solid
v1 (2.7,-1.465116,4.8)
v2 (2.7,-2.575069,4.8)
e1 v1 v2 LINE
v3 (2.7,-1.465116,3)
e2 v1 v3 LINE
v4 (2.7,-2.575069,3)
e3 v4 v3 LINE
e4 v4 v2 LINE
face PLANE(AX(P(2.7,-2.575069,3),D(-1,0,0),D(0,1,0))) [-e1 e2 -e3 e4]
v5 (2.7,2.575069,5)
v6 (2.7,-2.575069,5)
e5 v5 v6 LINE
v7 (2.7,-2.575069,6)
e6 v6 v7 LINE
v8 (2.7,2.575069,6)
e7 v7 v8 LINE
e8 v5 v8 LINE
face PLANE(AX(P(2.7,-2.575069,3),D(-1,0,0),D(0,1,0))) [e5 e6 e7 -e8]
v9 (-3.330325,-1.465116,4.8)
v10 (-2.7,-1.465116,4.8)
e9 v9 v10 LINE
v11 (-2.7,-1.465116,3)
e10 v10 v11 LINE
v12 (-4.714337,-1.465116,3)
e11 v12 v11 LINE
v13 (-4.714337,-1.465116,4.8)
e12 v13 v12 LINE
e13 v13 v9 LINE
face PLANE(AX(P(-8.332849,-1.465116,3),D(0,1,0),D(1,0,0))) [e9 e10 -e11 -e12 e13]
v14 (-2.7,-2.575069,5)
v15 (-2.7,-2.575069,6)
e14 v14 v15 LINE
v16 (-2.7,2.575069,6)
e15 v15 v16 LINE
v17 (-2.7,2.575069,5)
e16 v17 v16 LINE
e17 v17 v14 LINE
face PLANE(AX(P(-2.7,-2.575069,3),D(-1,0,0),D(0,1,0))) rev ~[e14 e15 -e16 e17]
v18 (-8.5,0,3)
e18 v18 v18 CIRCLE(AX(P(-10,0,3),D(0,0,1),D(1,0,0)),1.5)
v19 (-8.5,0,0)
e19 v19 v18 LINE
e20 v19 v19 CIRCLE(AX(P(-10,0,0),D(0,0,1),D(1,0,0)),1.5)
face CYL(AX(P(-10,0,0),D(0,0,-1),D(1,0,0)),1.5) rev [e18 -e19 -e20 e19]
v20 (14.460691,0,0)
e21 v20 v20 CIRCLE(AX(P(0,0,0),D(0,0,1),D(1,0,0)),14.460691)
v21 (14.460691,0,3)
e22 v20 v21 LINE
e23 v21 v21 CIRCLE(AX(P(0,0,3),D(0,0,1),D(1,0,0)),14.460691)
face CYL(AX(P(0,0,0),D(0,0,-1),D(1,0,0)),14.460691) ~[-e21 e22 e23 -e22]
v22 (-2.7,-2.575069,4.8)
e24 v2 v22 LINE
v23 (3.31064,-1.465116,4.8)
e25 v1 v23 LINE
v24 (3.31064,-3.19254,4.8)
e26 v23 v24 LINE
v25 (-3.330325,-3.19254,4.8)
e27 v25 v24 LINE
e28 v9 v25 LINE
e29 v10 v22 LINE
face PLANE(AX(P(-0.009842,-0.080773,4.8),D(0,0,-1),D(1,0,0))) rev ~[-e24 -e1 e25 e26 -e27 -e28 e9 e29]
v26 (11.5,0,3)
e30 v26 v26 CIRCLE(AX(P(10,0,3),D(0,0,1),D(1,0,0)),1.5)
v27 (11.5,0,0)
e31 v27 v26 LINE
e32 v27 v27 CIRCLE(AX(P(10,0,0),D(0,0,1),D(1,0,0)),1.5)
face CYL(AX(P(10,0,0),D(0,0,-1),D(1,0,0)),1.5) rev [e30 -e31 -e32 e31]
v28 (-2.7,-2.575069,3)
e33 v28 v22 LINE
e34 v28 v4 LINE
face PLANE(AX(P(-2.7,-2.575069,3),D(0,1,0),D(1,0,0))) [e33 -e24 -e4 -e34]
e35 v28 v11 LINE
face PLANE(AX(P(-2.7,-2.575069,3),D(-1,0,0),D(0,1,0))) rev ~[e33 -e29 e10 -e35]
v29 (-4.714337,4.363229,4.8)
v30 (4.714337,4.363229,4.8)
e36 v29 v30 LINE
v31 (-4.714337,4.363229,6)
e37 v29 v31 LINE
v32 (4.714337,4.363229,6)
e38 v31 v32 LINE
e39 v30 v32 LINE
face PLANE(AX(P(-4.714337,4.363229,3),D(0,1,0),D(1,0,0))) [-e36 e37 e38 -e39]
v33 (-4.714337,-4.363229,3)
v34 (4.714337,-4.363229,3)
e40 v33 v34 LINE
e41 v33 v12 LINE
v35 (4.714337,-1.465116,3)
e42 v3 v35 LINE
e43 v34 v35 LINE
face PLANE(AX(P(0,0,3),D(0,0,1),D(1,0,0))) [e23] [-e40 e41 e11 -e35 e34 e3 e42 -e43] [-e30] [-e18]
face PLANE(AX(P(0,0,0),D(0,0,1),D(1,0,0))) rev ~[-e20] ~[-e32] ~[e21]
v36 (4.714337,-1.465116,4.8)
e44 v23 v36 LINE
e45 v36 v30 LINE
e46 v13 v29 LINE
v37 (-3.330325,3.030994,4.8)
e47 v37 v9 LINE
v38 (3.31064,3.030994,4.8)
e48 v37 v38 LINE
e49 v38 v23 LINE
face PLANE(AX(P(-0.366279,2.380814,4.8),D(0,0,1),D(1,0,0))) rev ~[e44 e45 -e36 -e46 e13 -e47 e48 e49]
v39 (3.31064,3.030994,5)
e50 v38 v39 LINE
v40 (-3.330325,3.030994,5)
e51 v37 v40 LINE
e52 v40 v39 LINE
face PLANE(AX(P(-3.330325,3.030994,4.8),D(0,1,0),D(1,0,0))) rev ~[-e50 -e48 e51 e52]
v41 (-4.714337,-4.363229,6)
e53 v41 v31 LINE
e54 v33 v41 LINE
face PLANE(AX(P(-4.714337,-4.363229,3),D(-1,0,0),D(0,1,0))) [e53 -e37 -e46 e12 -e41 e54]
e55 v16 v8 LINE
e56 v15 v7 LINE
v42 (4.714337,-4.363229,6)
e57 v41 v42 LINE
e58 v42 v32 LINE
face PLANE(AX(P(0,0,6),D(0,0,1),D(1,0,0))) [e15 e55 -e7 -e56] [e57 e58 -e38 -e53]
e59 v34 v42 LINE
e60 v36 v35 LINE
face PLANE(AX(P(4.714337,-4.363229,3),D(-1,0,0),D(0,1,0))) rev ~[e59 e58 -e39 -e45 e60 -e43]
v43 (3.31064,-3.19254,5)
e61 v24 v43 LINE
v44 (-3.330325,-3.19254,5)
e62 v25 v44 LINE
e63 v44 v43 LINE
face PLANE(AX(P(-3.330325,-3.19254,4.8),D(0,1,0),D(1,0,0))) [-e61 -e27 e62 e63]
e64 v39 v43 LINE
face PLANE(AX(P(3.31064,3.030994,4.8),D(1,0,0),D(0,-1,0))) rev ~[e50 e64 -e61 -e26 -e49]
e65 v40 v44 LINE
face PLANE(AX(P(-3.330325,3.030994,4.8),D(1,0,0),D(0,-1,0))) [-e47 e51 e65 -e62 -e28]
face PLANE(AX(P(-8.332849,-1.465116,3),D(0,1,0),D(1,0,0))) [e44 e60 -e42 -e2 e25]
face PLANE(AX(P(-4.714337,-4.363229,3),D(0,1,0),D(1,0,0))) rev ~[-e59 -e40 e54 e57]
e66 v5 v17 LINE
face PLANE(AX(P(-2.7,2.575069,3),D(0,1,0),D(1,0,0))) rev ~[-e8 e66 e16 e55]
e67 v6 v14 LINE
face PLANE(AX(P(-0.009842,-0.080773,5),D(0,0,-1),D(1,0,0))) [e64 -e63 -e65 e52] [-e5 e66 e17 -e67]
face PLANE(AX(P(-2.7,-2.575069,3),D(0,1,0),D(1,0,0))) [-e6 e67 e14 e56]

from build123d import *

# Parameters (mm, degrees)
F0_R     = 14.460691
F0_R_2   = 1.5
F1_DEPTH = 3
F2_W     = 9.428674
F2_H     = 8.726458
F2_W_2   = 5.4
F2_H_2   = 5.150138
F3_DEPTH = 3
F4_W     = 15.93314
F4_H     = 7.691861
F5_DEPTH = 1.8
F6_W     = 6.640965
F6_H     = 6.223533
F7_DEPTH = 0.2


with BuildPart() as f1:
    # F0 (on Top) → F1 (new body)
    with BuildSketch(Plane.XY):
        Circle(F0_R)
        with Locations((-10, 0)):
            Circle(F0_R_2, mode=Mode.SUBTRACT)
        with Locations((10, 0)):
            Circle(F0_R_2, mode=Mode.SUBTRACT)
    extrude(amount=F1_DEPTH)

    # F2 (on face) → F3 (join)
    with BuildSketch(Plane.XY.offset(3)):
        Rectangle(F2_W, F2_H)
        Rectangle(F2_W_2, F2_H_2, mode=Mode.SUBTRACT)
    extrude(amount=F3_DEPTH)

    # F4 (on face) → F5 (cut)
    with BuildSketch(Plane.XY.offset(3)):
        with Locations((-0.366279, 2.380814)):
            Rectangle(F4_W, F4_H)
    extrude(amount=F5_DEPTH, mode=Mode.SUBTRACT)

    # F6 (on face) → F7 (cut)
    with BuildSketch(Plane(origin=(0, 0, 4.8), x_dir=(1, 0, 0), z_dir=(0, 0, -1))):
        with Locations((-0.009842, 0.080773)):
            Rectangle(F6_W, F6_H)
    extrude(amount=-F7_DEPTH, mode=Mode.SUBTRACT)


solid = f1.part
